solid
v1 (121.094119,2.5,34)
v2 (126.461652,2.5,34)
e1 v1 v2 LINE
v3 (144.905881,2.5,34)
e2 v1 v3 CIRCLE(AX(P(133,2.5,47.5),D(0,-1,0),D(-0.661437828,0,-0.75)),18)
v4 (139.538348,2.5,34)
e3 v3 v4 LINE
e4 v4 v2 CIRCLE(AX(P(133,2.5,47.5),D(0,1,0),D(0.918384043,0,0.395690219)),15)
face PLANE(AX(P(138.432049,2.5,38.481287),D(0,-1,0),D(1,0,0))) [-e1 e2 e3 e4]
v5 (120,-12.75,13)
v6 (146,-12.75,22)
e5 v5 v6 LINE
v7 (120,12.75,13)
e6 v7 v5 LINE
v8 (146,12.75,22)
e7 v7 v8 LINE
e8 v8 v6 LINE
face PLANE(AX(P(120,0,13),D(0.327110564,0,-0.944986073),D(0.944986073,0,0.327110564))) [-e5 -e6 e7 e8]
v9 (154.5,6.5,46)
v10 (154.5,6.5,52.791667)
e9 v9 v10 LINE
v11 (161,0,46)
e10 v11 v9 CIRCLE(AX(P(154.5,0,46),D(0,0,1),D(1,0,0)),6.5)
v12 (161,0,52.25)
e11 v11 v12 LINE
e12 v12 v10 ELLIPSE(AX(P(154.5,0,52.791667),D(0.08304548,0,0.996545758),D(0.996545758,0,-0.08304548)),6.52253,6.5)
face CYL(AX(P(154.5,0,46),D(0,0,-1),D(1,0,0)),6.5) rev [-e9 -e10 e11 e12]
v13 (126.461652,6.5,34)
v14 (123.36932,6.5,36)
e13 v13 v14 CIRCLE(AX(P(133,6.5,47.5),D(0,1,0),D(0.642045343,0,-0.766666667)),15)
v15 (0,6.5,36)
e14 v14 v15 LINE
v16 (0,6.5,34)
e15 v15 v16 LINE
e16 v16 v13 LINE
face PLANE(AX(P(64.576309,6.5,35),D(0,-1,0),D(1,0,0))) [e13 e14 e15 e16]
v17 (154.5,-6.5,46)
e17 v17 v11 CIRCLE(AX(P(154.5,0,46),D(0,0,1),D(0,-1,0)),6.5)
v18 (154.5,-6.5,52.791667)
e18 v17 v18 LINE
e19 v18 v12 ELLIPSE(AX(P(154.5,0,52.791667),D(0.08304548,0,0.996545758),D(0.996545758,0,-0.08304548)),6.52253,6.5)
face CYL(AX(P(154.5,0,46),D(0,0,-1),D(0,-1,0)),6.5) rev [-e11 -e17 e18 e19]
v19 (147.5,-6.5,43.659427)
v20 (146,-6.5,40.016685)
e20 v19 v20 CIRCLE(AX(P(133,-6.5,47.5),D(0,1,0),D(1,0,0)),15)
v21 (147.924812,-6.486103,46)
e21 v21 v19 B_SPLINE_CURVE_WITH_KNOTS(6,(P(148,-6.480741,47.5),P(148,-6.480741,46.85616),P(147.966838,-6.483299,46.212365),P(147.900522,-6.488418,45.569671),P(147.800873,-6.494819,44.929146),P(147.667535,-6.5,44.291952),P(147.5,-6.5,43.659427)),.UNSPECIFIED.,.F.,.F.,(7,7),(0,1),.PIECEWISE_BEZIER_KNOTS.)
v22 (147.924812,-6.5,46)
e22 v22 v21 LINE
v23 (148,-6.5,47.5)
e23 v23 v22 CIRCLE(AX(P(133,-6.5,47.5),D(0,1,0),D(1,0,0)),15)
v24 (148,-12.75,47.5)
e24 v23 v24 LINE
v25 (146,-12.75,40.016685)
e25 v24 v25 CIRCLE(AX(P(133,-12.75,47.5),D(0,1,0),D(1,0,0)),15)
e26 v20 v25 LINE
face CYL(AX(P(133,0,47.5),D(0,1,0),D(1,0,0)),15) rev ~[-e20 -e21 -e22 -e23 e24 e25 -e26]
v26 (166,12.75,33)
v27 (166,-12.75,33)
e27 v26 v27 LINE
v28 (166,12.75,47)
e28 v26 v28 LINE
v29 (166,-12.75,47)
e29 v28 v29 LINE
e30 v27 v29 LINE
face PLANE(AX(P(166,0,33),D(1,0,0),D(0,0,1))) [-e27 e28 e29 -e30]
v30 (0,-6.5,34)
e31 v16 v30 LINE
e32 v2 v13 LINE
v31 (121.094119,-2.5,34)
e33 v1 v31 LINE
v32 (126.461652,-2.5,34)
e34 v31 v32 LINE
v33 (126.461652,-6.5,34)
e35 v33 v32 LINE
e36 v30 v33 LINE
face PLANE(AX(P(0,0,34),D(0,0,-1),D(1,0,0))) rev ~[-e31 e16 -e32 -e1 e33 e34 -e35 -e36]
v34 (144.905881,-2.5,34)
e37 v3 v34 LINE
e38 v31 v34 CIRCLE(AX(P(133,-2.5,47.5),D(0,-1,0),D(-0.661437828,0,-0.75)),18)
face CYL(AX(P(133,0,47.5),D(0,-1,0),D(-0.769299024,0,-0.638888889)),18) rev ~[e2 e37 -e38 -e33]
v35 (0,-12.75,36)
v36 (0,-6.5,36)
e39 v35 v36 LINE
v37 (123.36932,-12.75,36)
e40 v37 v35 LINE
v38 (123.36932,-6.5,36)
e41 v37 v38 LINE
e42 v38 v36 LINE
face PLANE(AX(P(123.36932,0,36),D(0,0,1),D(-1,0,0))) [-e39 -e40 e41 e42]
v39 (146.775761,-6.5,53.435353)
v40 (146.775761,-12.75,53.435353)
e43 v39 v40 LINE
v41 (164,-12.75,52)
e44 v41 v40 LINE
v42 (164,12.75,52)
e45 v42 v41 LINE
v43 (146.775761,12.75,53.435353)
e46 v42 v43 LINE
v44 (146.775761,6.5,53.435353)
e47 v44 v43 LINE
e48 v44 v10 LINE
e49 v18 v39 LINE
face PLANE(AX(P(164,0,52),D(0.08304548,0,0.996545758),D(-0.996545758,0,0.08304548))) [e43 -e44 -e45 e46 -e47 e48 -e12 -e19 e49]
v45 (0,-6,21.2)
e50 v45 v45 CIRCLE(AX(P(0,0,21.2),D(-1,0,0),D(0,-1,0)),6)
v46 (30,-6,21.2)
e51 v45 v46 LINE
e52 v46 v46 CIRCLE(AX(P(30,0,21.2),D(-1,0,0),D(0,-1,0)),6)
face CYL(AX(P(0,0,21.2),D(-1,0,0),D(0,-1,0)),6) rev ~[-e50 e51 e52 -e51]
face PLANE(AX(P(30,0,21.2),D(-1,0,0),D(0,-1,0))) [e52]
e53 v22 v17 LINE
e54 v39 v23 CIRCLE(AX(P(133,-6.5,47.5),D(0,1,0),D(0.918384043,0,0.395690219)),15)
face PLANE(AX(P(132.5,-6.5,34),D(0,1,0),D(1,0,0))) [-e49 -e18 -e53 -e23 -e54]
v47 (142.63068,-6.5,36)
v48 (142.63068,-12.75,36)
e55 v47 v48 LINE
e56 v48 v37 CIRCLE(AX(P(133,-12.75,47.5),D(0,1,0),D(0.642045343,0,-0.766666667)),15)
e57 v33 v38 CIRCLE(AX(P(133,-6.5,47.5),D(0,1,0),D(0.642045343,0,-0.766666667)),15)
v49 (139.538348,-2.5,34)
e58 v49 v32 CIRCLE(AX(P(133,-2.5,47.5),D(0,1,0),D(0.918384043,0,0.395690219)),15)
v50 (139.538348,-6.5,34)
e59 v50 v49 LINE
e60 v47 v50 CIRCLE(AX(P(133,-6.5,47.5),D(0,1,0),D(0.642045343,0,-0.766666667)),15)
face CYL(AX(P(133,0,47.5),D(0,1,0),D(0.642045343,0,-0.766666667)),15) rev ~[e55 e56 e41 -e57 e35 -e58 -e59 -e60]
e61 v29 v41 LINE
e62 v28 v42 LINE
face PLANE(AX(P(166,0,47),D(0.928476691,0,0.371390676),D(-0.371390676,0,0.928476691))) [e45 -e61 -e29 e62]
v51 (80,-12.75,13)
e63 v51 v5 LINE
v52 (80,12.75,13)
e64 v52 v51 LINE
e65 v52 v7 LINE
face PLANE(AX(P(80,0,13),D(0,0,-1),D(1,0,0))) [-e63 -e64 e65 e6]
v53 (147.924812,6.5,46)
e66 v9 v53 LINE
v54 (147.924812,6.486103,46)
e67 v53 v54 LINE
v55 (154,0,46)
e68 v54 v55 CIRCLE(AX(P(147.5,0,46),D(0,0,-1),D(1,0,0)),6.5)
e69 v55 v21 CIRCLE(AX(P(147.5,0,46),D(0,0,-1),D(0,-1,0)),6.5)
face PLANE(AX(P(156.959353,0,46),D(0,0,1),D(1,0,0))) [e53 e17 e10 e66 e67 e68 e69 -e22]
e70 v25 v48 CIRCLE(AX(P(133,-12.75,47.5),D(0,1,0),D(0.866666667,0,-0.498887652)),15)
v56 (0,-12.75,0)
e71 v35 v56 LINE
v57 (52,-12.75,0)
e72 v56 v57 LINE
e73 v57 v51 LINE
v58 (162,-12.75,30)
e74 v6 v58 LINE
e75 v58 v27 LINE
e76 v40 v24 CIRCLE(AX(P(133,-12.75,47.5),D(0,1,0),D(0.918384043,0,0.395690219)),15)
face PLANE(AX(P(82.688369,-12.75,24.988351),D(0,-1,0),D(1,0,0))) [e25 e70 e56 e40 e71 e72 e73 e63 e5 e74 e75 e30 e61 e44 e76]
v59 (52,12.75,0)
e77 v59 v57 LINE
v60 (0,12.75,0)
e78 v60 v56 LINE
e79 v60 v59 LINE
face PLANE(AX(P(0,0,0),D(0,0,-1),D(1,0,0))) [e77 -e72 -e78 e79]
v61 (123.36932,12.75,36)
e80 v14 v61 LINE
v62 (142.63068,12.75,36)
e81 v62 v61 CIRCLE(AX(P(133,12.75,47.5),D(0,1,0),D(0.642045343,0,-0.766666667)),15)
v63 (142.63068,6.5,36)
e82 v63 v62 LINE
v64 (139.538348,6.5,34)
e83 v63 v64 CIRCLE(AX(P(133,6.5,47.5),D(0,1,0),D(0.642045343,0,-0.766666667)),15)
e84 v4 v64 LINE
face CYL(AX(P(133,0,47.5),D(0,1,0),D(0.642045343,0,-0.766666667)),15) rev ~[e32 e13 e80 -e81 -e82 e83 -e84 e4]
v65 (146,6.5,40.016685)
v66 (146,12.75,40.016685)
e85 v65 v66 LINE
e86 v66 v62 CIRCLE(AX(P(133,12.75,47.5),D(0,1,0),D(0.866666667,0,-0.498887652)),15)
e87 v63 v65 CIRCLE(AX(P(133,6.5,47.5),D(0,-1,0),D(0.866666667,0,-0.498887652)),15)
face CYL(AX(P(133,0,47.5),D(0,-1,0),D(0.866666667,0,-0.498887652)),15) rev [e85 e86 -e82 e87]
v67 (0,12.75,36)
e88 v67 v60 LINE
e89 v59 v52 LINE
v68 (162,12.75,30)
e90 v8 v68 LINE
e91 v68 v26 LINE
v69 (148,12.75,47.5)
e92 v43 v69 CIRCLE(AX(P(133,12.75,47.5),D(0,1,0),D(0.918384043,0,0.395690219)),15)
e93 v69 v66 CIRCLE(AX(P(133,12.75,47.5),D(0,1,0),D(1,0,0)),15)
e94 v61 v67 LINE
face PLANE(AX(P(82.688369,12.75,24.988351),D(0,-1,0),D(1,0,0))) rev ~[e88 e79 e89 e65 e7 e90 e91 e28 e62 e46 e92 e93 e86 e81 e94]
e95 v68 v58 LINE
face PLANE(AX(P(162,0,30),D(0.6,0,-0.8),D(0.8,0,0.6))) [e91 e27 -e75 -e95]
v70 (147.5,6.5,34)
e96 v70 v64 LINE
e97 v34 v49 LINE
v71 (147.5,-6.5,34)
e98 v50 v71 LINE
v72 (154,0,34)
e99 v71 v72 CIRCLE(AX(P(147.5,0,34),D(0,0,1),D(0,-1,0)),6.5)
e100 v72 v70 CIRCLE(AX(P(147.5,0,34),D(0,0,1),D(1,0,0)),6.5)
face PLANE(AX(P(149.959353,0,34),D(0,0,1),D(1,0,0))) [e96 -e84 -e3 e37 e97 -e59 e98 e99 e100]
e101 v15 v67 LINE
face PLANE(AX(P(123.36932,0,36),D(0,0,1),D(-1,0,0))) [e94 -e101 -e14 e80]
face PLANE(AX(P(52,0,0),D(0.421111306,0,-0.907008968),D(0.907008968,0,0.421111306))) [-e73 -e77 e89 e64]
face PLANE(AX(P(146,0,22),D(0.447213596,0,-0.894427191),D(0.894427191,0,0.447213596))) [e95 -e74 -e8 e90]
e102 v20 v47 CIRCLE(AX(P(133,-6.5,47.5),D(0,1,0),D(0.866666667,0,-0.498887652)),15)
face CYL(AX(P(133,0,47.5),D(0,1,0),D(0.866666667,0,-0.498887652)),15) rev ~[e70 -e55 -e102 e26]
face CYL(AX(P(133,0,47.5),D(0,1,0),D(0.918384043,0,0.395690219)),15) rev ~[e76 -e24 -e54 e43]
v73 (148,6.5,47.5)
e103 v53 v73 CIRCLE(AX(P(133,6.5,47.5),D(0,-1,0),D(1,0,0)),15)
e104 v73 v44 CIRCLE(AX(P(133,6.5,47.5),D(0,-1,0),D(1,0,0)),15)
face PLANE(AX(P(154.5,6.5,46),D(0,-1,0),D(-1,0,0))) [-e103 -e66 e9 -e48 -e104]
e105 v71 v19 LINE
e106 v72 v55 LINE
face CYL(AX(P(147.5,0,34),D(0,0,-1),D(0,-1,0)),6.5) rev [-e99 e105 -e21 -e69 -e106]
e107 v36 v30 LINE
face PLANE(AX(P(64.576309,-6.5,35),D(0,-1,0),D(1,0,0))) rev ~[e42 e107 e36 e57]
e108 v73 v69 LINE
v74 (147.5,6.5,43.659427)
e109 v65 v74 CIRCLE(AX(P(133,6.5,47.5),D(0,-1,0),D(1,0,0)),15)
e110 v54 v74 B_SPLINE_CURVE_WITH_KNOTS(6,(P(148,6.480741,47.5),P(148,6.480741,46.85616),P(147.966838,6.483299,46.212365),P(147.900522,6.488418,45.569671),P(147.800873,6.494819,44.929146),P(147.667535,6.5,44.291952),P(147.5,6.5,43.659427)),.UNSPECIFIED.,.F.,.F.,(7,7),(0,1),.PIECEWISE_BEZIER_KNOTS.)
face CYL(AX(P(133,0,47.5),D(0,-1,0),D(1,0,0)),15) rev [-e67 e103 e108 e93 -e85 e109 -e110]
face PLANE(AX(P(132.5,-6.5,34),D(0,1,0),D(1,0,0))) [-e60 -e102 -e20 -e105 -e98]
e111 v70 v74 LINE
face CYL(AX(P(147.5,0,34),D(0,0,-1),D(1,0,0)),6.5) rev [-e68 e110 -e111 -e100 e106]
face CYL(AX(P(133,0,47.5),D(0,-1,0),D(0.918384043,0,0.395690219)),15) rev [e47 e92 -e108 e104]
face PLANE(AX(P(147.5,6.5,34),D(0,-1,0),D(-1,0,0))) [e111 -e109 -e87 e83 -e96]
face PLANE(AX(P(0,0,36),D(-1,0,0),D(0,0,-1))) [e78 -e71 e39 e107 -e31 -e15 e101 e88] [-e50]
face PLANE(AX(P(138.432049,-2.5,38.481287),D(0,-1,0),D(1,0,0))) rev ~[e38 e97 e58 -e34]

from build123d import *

# Parameters (mm, degrees)
F1_DEPTH  = 12.75
F3_DEPTH  = 2.5
F5_DEPTH  = 6.5
F7_DEPTH  = 40.9
F10_DEPTH = 27.7
F11_R     = 6
F11_R_2   = 4.9
F12_DEPTH = 30


with BuildPart() as f1:
    # F0 (on Front) → F1 (new body, symmetric)
    with BuildSketch(Plane.XZ):
        with BuildLine():
            Line((0, 36), (0, 0))
            Line((0, 0), (52, 0))
            Line((52, 0), (80, 13))
            Line((80, 13), (120, 13))
            Line((120, 13), (146, 22))
            Line((146, 22), (162, 30))
            Line((162, 30), (166, 33))
            Line((166, 33), (166, 47))
            Line((166, 47), (164, 52))
            Line((164, 52), (146.7757606487, 53.4353532793))
            ThreePointArc((146.7757606487, 53.4353532793), (147.6907523587, 50.5301477084), (148, 47.5))
            ThreePointArc((148, 47.5), (147.4913767462, 43.6270166538), (146, 40.0166852265))
            Line((146, 40.0166852265), (146, 36))
            Line((146, 36), (142.6306801421, 36))
            ThreePointArc((142.6306801421, 36), (133, 32.5), (123.3693198579, 36))
            Line((123.3693198579, 36), (0, 36))
        make_face()
        with BuildLine():
            ThreePointArc((146, 40.0166852265), (144.4921869536, 37.8599979759), (142.6306801421, 36))
            Line((142.6306801421, 36), (146, 36))
            Line((146, 36), (146, 40.0166852265))
        make_face()
    extrude(amount=F1_DEPTH, both=True)

    # F2 (on Front) → F3 (cut, symmetric)
    with BuildSketch(Plane.XZ):
        with BuildLine():
            Line((123.3693198579, 36), (119.1526175759, 36))
            ThreePointArc((119.1526175759, 36), (120.0845966785, 34.9623623819), (121.0941191002, 34))
            ThreePointArc((121.0941191002, 34), (142.9238149728, 32.4827467097), (150.0871635222, 53.1594030398))
            Line((150.0871635222, 53.1594030398), (146.7757606487, 53.4353532793))
            ThreePointArc((146.7757606487, 53.4353532793), (141.9606533855, 35.4705905837), (123.3693198579, 36))
        make_face()
    extrude(amount=F3_DEPTH, both=True, mode=Mode.SUBTRACT)

    # F4 (on Front) → F5 (cut, symmetric)
    with BuildSketch(Plane.XZ):
        Polygon((119.1526175759, 36), (0, 36), (0, 34), (121.0941191002, 34), (129.1526175759, 34), (129.1526175759, 36), align=None)
    extrude(amount=F5_DEPTH, both=True, mode=Mode.SUBTRACT)

    # F6 (on face) → F7 (cut)
    with BuildSketch(Plane.XY.offset(34)):
        with BuildLine():
            ThreePointArc((147.5, -6.5), (152.0961940777, -4.5961940777), (154, 0))
            ThreePointArc((154, 0), (152.0961940777, 4.5961940777), (147.5, 6.5))
            Line((147.5, 6.5), (147.5, -6.5))
        make_face()
        with BuildLine():
            Line((147.5, -6.5), (147.5, 6.5))
            ThreePointArc((147.5, 6.5), (141, 0), (147.5, -6.5))
        make_face()
        with BuildLine():
            ThreePointArc((147.5, -6.5), (141, 0), (147.5, 6.5))
            Line((147.5, 6.5), (132.5, 6.5))
            Line((132.5, 6.5), (132.5, -6.5))
            Line((132.5, -6.5), (147.5, -6.5))
        make_face()
    extrude(amount=F7_DEPTH, mode=Mode.SUBTRACT)

    # F9 (on offset) → F10 (cut)
    with BuildSketch(Plane.XY.offset(46)):
        with BuildLine():
            ThreePointArc((154.5, -6.5), (159.0961940777, -4.5961940777), (161, 0))
            ThreePointArc((161, 0), (159.0961940777, 4.5961940777), (154.5, 6.5))
            Line((154.5, 6.5), (154.5, -6.5))
        make_face()
        with BuildLine():
            Line((154.5, -6.5), (154.5, 6.5))
            ThreePointArc((154.5, 6.5), (148, 0), (154.5, -6.5))
        make_face()
        with BuildLine():
            ThreePointArc((154.5, -6.5), (148, 0), (154.5, 6.5))
            Line((154.5, 6.5), (139.5, 6.5))
            Line((139.5, 6.5), (139.5, -6.5))
            Line((139.5, -6.5), (154.5, -6.5))
        make_face()
    extrude(amount=F10_DEPTH, mode=Mode.SUBTRACT)

    # F11 (on face) → F12 (cut)
    with BuildSketch(Plane(origin=(0, 0, 0), x_dir=(0, -1, 0), z_dir=(-1, 0, 0))):
        with Locations((0, 21.2)):
            Circle(F11_R)
        with Locations((0, 21.2)):
            Circle(F11_R_2, mode=Mode.SUBTRACT)
        with Locations((0, 21.2)):
            Circle(F11_R_2)
    extrude(amount=-F12_DEPTH, mode=Mode.SUBTRACT)


solid = f1.part
